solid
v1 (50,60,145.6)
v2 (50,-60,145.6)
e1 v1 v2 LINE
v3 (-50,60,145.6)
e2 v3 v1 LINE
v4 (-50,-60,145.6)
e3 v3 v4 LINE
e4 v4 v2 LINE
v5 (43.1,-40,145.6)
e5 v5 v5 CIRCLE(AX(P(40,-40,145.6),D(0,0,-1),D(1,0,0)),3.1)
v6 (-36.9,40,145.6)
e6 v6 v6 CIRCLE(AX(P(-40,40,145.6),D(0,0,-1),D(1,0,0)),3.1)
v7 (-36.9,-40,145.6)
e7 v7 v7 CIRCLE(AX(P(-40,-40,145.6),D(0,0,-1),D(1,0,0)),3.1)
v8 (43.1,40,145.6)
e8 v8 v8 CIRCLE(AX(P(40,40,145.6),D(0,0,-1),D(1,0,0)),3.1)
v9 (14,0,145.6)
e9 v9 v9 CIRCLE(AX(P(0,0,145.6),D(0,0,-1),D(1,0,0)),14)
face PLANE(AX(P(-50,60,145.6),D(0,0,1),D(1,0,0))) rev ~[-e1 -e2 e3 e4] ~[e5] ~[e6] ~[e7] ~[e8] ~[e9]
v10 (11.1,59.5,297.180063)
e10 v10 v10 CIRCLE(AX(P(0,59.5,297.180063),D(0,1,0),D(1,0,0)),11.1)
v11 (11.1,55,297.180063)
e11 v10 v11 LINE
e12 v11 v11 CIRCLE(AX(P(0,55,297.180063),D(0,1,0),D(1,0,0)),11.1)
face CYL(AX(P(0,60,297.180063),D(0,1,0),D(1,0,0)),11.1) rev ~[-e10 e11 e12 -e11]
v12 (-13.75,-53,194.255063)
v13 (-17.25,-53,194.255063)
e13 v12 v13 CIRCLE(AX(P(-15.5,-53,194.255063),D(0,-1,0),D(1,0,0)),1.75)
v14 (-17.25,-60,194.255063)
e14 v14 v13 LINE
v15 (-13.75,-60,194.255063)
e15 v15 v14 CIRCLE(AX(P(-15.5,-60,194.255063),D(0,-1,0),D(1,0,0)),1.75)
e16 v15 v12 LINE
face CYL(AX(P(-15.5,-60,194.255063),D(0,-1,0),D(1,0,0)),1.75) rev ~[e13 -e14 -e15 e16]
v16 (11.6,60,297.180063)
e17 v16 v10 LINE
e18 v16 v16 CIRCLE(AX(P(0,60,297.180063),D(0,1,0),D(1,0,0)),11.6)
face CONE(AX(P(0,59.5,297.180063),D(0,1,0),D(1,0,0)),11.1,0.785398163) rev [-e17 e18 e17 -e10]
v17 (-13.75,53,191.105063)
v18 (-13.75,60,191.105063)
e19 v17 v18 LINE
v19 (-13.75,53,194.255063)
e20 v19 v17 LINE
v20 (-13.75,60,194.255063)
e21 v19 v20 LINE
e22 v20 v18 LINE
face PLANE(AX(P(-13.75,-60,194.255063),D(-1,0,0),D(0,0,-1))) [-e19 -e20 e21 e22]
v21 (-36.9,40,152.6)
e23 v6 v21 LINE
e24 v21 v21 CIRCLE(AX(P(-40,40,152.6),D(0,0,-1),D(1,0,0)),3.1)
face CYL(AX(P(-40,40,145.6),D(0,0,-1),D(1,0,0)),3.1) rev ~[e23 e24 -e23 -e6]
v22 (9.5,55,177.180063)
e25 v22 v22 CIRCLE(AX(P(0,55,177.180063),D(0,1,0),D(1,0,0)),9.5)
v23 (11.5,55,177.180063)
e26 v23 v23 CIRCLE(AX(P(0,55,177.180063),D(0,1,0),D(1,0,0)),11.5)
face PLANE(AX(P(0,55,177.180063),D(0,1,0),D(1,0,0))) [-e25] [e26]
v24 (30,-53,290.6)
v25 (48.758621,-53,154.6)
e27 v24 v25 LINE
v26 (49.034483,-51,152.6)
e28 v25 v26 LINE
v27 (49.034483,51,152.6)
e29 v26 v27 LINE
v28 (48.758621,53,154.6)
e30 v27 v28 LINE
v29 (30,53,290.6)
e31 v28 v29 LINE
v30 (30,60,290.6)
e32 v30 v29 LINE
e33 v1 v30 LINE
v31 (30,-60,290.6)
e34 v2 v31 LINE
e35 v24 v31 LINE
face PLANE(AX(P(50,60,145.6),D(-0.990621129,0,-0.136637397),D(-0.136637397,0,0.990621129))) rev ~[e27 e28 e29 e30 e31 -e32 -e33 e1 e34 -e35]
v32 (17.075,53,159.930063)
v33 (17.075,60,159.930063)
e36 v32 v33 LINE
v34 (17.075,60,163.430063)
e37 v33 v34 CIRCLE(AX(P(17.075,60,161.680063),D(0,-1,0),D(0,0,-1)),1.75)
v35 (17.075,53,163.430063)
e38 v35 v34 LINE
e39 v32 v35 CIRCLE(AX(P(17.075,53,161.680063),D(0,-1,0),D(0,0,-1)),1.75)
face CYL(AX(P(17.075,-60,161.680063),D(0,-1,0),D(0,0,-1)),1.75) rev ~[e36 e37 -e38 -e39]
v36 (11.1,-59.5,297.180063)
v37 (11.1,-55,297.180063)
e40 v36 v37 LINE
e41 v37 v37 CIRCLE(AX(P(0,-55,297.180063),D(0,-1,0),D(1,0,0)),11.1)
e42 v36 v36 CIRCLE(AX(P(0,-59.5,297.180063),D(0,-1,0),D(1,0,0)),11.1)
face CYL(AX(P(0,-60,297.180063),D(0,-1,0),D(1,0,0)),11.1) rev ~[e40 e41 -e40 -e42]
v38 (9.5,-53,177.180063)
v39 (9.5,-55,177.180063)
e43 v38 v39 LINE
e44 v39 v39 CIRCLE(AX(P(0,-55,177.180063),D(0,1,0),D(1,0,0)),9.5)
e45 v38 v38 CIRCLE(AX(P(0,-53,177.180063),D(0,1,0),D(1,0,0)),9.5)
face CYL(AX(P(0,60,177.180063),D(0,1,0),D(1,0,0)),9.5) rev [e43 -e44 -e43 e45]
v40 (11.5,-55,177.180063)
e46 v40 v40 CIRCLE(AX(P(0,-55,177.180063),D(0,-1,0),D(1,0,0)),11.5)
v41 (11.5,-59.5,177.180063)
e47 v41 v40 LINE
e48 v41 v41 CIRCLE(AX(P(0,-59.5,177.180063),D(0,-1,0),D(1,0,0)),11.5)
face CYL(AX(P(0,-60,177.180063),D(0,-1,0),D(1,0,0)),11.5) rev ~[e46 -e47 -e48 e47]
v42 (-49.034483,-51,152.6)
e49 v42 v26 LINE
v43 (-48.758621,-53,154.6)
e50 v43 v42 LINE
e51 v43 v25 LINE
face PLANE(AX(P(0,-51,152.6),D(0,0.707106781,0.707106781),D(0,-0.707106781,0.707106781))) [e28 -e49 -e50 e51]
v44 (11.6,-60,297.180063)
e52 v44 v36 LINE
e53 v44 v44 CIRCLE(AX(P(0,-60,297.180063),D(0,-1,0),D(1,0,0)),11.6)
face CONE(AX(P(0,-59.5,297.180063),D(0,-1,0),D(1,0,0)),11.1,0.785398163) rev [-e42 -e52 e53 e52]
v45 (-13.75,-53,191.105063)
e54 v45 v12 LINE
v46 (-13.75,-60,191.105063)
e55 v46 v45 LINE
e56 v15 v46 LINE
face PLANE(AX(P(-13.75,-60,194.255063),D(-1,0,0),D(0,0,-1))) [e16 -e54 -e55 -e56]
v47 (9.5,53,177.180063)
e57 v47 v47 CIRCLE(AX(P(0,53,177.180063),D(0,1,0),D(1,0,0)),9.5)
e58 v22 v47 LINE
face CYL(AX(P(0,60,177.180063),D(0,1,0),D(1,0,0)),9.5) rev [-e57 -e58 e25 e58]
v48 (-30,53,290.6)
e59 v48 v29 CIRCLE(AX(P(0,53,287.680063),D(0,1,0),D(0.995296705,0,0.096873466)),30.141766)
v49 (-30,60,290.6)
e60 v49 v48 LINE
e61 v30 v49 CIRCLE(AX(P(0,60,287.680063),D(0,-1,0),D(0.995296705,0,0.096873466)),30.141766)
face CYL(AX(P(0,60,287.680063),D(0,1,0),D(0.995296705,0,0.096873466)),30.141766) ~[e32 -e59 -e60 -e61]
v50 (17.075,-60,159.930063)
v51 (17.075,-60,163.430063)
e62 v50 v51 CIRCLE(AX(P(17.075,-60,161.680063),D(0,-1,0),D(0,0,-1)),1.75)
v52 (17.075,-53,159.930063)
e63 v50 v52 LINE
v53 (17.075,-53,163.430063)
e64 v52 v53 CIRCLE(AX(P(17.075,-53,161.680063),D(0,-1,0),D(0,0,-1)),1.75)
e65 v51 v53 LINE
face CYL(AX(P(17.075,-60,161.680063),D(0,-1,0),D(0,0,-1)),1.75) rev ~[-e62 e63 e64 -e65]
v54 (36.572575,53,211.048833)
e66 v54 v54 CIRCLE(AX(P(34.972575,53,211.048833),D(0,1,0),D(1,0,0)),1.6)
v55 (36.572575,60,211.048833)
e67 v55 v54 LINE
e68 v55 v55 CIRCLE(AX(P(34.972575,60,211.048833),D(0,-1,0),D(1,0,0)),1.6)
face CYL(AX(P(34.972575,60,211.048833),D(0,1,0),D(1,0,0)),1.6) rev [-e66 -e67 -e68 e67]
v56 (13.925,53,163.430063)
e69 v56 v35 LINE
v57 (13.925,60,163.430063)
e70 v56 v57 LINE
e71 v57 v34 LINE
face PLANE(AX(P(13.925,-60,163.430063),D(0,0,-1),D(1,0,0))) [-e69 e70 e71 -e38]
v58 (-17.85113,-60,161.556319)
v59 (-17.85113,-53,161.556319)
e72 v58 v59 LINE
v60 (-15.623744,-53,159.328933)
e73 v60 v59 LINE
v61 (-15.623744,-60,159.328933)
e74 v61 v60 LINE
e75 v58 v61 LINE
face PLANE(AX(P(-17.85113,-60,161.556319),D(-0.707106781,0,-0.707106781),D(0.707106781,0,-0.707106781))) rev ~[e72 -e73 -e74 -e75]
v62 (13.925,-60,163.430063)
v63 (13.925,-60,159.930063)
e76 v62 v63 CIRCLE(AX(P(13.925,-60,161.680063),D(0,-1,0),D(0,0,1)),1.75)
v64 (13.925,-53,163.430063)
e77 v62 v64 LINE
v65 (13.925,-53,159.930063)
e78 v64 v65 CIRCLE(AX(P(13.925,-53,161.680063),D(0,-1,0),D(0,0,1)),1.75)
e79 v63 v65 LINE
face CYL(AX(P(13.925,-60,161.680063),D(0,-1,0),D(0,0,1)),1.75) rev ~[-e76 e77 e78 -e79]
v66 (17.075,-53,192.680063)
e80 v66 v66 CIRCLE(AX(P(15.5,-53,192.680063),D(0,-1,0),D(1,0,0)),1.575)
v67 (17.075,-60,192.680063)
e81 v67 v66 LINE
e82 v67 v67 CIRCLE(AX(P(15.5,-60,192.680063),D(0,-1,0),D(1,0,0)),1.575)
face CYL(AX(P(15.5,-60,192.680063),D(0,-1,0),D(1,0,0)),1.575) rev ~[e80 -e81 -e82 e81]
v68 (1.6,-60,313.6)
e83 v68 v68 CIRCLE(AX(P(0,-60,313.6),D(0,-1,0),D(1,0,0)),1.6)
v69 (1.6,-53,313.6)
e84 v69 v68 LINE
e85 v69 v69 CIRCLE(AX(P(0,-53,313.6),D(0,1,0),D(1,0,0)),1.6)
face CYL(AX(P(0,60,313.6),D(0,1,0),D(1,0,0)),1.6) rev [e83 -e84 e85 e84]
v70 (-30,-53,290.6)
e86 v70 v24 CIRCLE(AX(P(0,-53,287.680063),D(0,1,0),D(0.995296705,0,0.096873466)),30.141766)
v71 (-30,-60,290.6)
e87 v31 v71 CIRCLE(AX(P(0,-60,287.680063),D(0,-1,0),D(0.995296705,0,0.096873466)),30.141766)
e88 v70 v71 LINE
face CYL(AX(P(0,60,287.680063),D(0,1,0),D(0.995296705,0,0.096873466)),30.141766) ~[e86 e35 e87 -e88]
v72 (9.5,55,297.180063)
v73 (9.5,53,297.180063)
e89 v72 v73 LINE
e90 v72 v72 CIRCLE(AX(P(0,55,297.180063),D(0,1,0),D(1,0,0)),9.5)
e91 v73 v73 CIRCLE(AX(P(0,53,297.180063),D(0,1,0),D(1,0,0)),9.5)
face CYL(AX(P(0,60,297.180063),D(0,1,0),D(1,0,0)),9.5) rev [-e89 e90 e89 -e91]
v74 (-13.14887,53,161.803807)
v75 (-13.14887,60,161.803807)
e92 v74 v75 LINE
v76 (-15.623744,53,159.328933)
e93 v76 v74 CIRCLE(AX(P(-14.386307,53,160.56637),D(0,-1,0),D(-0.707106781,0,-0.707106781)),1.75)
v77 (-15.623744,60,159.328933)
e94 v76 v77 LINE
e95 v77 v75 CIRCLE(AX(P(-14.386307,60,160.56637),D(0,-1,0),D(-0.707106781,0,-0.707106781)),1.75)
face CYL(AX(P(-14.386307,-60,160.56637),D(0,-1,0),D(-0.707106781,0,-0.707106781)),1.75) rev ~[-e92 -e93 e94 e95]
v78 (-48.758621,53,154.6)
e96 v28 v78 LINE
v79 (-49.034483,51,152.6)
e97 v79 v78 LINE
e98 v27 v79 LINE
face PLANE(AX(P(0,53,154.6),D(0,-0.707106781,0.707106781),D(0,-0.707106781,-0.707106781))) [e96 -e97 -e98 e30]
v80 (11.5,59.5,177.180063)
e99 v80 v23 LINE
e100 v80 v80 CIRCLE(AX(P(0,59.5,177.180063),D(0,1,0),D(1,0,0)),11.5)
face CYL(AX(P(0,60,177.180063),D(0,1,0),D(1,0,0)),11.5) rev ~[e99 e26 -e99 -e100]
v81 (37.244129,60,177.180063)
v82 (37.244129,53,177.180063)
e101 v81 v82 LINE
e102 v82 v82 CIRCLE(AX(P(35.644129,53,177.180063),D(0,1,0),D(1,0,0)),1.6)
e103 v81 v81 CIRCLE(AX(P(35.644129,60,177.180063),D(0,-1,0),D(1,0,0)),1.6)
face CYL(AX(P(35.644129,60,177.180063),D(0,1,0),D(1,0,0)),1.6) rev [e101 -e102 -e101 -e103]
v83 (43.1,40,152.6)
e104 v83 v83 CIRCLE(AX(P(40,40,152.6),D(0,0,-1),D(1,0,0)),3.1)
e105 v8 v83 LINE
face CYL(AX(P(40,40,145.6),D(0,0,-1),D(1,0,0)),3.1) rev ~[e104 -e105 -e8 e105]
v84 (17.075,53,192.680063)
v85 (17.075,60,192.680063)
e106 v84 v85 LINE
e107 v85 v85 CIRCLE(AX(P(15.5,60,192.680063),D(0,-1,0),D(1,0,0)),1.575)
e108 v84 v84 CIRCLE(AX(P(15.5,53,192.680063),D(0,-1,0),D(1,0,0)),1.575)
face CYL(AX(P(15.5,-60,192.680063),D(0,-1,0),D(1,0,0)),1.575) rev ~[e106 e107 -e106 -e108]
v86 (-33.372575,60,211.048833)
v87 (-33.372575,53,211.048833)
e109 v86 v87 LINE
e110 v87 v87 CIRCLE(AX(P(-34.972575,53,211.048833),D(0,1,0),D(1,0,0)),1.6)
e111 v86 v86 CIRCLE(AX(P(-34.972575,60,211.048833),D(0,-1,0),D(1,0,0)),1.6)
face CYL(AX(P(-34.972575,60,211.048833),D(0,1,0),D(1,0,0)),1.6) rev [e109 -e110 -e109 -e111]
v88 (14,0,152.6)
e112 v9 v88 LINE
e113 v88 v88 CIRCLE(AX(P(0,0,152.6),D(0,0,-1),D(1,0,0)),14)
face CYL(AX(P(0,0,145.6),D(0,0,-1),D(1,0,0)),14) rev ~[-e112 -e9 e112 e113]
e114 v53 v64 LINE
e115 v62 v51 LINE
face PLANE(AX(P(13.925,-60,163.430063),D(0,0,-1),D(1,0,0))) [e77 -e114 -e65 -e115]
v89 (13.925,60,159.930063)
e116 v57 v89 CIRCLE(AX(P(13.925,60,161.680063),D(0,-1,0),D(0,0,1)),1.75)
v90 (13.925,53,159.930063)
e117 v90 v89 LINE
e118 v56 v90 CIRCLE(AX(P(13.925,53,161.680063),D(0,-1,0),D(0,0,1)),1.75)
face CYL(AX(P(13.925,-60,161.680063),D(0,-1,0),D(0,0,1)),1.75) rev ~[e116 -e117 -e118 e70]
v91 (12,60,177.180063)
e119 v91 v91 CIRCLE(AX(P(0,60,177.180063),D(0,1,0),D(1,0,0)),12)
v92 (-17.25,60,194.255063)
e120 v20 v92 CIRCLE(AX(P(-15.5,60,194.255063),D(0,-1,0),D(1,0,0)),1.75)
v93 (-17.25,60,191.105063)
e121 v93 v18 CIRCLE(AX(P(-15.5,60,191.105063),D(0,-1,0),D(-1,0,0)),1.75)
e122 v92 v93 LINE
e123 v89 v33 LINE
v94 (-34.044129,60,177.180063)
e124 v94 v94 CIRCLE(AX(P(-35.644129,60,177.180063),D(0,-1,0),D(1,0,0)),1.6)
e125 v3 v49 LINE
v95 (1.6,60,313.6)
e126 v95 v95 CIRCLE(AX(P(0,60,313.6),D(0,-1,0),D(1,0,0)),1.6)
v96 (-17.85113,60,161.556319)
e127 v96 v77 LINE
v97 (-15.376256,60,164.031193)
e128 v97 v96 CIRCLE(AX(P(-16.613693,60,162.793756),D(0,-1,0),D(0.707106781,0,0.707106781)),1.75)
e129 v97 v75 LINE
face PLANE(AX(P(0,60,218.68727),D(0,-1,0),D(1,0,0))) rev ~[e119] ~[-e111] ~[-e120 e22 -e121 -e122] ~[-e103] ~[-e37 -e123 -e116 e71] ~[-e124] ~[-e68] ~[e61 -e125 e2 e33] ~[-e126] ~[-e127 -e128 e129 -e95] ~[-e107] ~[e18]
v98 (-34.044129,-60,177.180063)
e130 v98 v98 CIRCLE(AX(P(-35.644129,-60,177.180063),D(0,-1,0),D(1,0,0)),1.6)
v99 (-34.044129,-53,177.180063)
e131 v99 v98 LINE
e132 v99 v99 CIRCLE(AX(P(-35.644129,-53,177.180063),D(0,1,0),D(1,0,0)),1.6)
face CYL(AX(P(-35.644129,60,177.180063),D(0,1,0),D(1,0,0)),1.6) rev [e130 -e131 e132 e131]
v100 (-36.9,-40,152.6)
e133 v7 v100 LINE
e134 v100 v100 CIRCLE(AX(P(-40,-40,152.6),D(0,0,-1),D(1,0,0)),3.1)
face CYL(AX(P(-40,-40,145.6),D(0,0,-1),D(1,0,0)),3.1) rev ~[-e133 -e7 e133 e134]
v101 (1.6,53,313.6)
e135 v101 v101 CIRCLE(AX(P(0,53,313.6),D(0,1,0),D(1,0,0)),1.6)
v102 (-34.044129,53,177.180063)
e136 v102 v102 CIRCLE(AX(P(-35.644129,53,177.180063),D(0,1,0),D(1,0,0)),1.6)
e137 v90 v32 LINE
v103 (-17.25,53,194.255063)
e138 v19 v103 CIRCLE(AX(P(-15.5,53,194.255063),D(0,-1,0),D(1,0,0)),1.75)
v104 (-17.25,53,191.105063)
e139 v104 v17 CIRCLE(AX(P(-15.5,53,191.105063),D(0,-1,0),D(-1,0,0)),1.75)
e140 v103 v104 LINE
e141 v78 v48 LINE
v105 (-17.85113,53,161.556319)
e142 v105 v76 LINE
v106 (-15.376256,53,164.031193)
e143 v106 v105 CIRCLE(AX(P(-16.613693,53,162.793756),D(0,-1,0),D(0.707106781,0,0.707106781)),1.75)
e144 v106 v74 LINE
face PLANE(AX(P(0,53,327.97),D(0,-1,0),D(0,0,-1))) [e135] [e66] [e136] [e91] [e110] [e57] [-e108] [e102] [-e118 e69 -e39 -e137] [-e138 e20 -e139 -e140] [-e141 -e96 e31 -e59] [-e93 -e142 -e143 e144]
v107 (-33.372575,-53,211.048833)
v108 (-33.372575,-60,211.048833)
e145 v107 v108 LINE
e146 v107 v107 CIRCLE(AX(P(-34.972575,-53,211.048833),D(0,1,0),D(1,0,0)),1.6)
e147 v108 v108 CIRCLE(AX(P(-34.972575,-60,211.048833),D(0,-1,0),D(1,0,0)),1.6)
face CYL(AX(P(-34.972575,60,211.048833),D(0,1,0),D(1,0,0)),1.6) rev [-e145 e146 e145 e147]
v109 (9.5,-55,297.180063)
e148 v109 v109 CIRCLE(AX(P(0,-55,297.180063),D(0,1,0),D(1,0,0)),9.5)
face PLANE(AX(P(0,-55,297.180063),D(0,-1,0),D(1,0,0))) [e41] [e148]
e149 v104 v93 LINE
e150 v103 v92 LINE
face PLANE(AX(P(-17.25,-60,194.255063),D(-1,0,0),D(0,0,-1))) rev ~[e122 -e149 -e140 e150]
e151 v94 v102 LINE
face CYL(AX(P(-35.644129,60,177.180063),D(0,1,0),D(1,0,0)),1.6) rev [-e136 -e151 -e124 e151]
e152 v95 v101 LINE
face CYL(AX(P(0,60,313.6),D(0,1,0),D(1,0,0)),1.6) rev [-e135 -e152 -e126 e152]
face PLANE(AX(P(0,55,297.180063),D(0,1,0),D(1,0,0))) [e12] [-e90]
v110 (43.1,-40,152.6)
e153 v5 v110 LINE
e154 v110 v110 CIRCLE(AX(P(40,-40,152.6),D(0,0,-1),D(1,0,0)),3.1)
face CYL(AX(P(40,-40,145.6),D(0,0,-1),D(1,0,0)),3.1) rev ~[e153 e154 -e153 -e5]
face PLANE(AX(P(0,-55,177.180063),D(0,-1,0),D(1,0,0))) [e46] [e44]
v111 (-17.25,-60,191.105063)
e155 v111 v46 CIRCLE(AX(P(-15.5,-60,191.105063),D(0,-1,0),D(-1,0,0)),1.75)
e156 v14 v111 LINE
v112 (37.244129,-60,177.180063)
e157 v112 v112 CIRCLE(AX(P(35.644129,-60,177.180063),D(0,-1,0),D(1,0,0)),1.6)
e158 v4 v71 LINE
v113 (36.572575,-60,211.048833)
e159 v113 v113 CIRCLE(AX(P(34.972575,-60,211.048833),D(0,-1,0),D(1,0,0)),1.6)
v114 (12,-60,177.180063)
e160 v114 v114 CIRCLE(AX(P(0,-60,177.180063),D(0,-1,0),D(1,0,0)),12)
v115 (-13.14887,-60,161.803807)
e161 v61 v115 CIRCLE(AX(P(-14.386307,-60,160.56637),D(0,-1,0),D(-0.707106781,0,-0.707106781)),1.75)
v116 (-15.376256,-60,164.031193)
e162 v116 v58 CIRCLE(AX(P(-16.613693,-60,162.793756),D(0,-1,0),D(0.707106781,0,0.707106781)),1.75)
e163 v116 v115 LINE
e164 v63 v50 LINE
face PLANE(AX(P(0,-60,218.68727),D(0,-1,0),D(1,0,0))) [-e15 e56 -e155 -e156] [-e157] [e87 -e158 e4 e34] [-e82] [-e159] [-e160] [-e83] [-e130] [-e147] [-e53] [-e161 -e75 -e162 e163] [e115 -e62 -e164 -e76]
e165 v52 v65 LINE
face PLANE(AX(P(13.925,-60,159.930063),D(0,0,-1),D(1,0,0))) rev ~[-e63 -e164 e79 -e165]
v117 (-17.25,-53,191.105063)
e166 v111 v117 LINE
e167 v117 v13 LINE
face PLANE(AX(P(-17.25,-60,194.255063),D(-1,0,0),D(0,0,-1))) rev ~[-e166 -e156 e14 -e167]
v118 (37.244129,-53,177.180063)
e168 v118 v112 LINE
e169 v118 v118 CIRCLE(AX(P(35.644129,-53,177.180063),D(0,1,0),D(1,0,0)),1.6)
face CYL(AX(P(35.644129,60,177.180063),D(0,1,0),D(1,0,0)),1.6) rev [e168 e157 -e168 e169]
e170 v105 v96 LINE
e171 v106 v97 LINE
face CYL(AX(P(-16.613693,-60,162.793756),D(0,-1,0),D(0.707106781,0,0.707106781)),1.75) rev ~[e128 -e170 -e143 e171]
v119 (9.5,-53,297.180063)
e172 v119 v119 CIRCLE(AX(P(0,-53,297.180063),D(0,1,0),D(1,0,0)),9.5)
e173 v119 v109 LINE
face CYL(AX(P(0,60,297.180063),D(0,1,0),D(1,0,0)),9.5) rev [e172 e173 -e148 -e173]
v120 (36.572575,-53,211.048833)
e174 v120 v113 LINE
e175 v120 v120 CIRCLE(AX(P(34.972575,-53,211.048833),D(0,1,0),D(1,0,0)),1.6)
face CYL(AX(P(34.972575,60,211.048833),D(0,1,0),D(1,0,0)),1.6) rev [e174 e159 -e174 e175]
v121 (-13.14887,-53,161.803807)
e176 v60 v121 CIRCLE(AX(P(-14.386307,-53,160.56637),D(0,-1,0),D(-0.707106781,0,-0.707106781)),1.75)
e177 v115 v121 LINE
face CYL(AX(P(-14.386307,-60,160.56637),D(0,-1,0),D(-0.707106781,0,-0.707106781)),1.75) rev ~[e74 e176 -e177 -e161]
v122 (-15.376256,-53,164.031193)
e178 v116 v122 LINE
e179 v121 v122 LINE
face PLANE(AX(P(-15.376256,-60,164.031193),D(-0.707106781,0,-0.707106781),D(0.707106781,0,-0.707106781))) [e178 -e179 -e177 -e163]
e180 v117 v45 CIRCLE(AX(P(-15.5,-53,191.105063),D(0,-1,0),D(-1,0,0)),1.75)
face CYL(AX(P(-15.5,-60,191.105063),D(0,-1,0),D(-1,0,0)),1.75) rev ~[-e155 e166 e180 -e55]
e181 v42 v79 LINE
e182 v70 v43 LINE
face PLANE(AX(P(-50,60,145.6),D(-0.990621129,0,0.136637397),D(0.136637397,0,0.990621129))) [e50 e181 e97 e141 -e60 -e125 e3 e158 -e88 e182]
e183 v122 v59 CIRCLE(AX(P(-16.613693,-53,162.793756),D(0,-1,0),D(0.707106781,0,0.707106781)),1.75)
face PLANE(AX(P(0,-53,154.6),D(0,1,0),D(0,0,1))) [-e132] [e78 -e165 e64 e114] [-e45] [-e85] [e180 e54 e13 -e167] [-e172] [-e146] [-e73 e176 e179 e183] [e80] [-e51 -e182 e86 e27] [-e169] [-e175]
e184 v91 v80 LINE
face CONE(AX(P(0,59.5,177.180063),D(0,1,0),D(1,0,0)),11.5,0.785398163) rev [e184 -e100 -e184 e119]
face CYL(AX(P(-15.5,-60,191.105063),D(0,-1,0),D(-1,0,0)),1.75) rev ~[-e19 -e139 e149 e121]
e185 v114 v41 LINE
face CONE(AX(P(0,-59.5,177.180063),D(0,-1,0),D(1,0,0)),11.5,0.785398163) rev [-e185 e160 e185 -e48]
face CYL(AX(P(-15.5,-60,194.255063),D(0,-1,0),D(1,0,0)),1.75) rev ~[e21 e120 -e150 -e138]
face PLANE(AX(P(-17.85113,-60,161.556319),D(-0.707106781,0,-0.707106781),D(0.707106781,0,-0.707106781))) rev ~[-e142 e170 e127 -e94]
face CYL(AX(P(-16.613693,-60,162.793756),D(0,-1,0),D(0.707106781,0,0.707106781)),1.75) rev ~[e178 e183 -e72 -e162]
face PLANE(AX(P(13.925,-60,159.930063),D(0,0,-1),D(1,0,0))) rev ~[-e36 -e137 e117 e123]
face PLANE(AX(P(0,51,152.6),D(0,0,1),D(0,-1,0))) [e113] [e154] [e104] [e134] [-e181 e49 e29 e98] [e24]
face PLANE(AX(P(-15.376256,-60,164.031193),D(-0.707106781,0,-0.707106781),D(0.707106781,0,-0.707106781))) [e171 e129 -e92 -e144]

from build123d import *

# Parameters (mm, degrees)
SKETCH155_R             = 9.5
SKETCH155_R_2           = 1.6
PAD044_DEPTH            = 120
POCKET098_DEPTH         = 152.4
SKETCH152_R             = 3.1
SKETCH152_R_2           = 14
POCKET096_DEPTH         = 8
SKETCH156_R             = 1.575
POCKET099_DEPTH         = 120
SKETCH157_R             = 11.5
SKETCH157_R_2           = 11.1
POCKET100_DEPTH         = 5
SKETCH158_R             = 11.1
SKETCH158_R_2           = 11.5
POCKET101_DEPTH         = 5
CHAMFER026_SIZE         = 0.5
BODY034_PLACEMENT_ANGLE = 90


with BuildPart() as part:
    # Sketch155 → Pad044 (new body)
    with BuildSketch(Plane.XY):
        with BuildLine():
            Line((-50, 70), (50, 70))
            Line((50, 70), (30, 215))
            ThreePointArc((30, 215), (0, 242.2218283079), (-30, 215))
            Line((-50, 70), (-30, 215))
        make_face()
        with Locations((0, 221.5800627023)):
            Circle(SKETCH155_R, mode=Mode.SUBTRACT)
        with Locations((0, 101.5800627023)):
            Circle(SKETCH155_R, mode=Mode.SUBTRACT)
        with Locations((-35.6441292824, 101.5800627023)):
            Circle(SKETCH155_R_2, mode=Mode.SUBTRACT)
        with Locations((35.6441292824, 101.5800627023)):
            Circle(SKETCH155_R_2, mode=Mode.SUBTRACT)
        with Locations((-34.9725747282, 135.4488332209)):
            Circle(SKETCH155_R_2, mode=Mode.SUBTRACT)
        with Locations((34.9725747282, 135.4488332209)):
            Circle(SKETCH155_R_2, mode=Mode.SUBTRACT)
        with Locations((0, 238)):
            Circle(SKETCH155_R_2, mode=Mode.SUBTRACT)
    extrude(amount=PAD044_DEPTH)

    # Sketch154 → Pocket098 (cut, symmetric)
    with BuildSketch(Plane(origin=(0, 0, 120), x_dir=(0, 0, -1), z_dir=(1, 0, 0))):
        Polygon((7, 252.37), (113, 252.37), (113, 79), (111, 77), (9, 77), (7, 79), align=None)
    extrude(amount=POCKET098_DEPTH, both=True, mode=Mode.SUBTRACT)

    # Sketch152 (on Face1 of Pocket098) → Pocket096 (cut)
    with BuildSketch(Plane.XZ.offset(-70)):
        with Locations((-40, 100)):
            Circle(SKETCH152_R)
        with Locations((40, 100)):
            Circle(SKETCH152_R)
        with Locations((-40, 20)):
            Circle(SKETCH152_R)
        with Locations((40, 20)):
            Circle(SKETCH152_R)
        with Locations((0, 60)):
            Circle(SKETCH152_R_2)
    extrude(amount=-POCKET096_DEPTH, mode=Mode.SUBTRACT)

    # Sketch156 → Pocket099 (cut)
    with BuildSketch(Plane.XY.offset(120)):
        with Locations((15.5, 117.0800628443)):
            Circle(SKETCH156_R)
        with BuildLine():
            ThreePointArc((-13.75, 118.6550628443), (-15.5, 120.4050628443), (-17.25, 118.6550628443))
            Line((-17.25, 118.6550628443), (-17.25, 115.5050628443))
            ThreePointArc((-17.25, 115.5050628443), (-15.5, 113.7550628443), (-13.75, 115.5050628443))
            Line((-13.75, 118.6550628443), (-13.75, 115.5050628443))
        make_face()
        with BuildLine():
            ThreePointArc((13.925, 87.8300628443), (12.175, 86.0800628443), (13.925, 84.3300628443))
            Line((13.925, 84.3300628443), (17.075, 84.3300628443))
            ThreePointArc((17.075, 84.3300628443), (18.825, 86.0800628443), (17.075, 87.8300628443))
            Line((13.925, 87.8300628443), (17.075, 87.8300628443))
        make_face()
        with BuildLine():
            ThreePointArc((-15.3762563133, 88.4311928917), (-17.8511300474, 88.4311928917), (-17.8511300474, 85.9563191575))
            Line((-17.8511300474, 85.9563191575), (-15.6237436867, 83.7289327968))
            ThreePointArc((-15.6237436867, 83.7289327968), (-13.1488699526, 83.7289327968), (-13.1488699525, 86.203806531))
            Line((-15.3762563133, 88.4311928917), (-13.1488699525, 86.203806531))
        make_face()
    extrude(amount=-POCKET099_DEPTH, mode=Mode.SUBTRACT)

    # Sketch157 (on Face3 of Pocket099) → Pocket100 (cut)
    with BuildSketch(Plane(origin=(0, 0, 0), x_dir=(1, 0, 0), z_dir=(0, 0, -1))):
        with Locations((0, -101.5800627023)):
            Circle(SKETCH157_R)
        with Locations((0, -221.5800627023)):
            Circle(SKETCH157_R_2)
    extrude(amount=-POCKET100_DEPTH, mode=Mode.SUBTRACT)

    # Sketch158 (on Face4 of Pocket100) → Pocket101 (cut)
    with BuildSketch(Plane.XY.offset(120)):
        with Locations((0, 221.5800627023)):
            Circle(SKETCH158_R)
        with Locations((0, 101.5800627023)):
            Circle(SKETCH158_R_2)
    extrude(amount=-POCKET101_DEPTH, mode=Mode.SUBTRACT)

    # Chamfer026
    chamfer026_edges = [part.edges().sort_by_distance(p)[0] for p in [
        (-11.1, 221.580063, 120),
        (-11.5, 101.580063, 120),
        (-11.1, 221.580063, 0),
        (-11.5, 101.580063, 0),
    ]]
    chamfer(chamfer026_edges, length=CHAMFER026_SIZE)


with BuildPart() as part_1:
    # Body034 placement: moved
    add(part.part.moved(Location((0, 60, 75.6))).rotate(Axis((0, 60, 75.6), (1, 0, 0)), BODY034_PLACEMENT_ANGLE))


solid = part_1.part
